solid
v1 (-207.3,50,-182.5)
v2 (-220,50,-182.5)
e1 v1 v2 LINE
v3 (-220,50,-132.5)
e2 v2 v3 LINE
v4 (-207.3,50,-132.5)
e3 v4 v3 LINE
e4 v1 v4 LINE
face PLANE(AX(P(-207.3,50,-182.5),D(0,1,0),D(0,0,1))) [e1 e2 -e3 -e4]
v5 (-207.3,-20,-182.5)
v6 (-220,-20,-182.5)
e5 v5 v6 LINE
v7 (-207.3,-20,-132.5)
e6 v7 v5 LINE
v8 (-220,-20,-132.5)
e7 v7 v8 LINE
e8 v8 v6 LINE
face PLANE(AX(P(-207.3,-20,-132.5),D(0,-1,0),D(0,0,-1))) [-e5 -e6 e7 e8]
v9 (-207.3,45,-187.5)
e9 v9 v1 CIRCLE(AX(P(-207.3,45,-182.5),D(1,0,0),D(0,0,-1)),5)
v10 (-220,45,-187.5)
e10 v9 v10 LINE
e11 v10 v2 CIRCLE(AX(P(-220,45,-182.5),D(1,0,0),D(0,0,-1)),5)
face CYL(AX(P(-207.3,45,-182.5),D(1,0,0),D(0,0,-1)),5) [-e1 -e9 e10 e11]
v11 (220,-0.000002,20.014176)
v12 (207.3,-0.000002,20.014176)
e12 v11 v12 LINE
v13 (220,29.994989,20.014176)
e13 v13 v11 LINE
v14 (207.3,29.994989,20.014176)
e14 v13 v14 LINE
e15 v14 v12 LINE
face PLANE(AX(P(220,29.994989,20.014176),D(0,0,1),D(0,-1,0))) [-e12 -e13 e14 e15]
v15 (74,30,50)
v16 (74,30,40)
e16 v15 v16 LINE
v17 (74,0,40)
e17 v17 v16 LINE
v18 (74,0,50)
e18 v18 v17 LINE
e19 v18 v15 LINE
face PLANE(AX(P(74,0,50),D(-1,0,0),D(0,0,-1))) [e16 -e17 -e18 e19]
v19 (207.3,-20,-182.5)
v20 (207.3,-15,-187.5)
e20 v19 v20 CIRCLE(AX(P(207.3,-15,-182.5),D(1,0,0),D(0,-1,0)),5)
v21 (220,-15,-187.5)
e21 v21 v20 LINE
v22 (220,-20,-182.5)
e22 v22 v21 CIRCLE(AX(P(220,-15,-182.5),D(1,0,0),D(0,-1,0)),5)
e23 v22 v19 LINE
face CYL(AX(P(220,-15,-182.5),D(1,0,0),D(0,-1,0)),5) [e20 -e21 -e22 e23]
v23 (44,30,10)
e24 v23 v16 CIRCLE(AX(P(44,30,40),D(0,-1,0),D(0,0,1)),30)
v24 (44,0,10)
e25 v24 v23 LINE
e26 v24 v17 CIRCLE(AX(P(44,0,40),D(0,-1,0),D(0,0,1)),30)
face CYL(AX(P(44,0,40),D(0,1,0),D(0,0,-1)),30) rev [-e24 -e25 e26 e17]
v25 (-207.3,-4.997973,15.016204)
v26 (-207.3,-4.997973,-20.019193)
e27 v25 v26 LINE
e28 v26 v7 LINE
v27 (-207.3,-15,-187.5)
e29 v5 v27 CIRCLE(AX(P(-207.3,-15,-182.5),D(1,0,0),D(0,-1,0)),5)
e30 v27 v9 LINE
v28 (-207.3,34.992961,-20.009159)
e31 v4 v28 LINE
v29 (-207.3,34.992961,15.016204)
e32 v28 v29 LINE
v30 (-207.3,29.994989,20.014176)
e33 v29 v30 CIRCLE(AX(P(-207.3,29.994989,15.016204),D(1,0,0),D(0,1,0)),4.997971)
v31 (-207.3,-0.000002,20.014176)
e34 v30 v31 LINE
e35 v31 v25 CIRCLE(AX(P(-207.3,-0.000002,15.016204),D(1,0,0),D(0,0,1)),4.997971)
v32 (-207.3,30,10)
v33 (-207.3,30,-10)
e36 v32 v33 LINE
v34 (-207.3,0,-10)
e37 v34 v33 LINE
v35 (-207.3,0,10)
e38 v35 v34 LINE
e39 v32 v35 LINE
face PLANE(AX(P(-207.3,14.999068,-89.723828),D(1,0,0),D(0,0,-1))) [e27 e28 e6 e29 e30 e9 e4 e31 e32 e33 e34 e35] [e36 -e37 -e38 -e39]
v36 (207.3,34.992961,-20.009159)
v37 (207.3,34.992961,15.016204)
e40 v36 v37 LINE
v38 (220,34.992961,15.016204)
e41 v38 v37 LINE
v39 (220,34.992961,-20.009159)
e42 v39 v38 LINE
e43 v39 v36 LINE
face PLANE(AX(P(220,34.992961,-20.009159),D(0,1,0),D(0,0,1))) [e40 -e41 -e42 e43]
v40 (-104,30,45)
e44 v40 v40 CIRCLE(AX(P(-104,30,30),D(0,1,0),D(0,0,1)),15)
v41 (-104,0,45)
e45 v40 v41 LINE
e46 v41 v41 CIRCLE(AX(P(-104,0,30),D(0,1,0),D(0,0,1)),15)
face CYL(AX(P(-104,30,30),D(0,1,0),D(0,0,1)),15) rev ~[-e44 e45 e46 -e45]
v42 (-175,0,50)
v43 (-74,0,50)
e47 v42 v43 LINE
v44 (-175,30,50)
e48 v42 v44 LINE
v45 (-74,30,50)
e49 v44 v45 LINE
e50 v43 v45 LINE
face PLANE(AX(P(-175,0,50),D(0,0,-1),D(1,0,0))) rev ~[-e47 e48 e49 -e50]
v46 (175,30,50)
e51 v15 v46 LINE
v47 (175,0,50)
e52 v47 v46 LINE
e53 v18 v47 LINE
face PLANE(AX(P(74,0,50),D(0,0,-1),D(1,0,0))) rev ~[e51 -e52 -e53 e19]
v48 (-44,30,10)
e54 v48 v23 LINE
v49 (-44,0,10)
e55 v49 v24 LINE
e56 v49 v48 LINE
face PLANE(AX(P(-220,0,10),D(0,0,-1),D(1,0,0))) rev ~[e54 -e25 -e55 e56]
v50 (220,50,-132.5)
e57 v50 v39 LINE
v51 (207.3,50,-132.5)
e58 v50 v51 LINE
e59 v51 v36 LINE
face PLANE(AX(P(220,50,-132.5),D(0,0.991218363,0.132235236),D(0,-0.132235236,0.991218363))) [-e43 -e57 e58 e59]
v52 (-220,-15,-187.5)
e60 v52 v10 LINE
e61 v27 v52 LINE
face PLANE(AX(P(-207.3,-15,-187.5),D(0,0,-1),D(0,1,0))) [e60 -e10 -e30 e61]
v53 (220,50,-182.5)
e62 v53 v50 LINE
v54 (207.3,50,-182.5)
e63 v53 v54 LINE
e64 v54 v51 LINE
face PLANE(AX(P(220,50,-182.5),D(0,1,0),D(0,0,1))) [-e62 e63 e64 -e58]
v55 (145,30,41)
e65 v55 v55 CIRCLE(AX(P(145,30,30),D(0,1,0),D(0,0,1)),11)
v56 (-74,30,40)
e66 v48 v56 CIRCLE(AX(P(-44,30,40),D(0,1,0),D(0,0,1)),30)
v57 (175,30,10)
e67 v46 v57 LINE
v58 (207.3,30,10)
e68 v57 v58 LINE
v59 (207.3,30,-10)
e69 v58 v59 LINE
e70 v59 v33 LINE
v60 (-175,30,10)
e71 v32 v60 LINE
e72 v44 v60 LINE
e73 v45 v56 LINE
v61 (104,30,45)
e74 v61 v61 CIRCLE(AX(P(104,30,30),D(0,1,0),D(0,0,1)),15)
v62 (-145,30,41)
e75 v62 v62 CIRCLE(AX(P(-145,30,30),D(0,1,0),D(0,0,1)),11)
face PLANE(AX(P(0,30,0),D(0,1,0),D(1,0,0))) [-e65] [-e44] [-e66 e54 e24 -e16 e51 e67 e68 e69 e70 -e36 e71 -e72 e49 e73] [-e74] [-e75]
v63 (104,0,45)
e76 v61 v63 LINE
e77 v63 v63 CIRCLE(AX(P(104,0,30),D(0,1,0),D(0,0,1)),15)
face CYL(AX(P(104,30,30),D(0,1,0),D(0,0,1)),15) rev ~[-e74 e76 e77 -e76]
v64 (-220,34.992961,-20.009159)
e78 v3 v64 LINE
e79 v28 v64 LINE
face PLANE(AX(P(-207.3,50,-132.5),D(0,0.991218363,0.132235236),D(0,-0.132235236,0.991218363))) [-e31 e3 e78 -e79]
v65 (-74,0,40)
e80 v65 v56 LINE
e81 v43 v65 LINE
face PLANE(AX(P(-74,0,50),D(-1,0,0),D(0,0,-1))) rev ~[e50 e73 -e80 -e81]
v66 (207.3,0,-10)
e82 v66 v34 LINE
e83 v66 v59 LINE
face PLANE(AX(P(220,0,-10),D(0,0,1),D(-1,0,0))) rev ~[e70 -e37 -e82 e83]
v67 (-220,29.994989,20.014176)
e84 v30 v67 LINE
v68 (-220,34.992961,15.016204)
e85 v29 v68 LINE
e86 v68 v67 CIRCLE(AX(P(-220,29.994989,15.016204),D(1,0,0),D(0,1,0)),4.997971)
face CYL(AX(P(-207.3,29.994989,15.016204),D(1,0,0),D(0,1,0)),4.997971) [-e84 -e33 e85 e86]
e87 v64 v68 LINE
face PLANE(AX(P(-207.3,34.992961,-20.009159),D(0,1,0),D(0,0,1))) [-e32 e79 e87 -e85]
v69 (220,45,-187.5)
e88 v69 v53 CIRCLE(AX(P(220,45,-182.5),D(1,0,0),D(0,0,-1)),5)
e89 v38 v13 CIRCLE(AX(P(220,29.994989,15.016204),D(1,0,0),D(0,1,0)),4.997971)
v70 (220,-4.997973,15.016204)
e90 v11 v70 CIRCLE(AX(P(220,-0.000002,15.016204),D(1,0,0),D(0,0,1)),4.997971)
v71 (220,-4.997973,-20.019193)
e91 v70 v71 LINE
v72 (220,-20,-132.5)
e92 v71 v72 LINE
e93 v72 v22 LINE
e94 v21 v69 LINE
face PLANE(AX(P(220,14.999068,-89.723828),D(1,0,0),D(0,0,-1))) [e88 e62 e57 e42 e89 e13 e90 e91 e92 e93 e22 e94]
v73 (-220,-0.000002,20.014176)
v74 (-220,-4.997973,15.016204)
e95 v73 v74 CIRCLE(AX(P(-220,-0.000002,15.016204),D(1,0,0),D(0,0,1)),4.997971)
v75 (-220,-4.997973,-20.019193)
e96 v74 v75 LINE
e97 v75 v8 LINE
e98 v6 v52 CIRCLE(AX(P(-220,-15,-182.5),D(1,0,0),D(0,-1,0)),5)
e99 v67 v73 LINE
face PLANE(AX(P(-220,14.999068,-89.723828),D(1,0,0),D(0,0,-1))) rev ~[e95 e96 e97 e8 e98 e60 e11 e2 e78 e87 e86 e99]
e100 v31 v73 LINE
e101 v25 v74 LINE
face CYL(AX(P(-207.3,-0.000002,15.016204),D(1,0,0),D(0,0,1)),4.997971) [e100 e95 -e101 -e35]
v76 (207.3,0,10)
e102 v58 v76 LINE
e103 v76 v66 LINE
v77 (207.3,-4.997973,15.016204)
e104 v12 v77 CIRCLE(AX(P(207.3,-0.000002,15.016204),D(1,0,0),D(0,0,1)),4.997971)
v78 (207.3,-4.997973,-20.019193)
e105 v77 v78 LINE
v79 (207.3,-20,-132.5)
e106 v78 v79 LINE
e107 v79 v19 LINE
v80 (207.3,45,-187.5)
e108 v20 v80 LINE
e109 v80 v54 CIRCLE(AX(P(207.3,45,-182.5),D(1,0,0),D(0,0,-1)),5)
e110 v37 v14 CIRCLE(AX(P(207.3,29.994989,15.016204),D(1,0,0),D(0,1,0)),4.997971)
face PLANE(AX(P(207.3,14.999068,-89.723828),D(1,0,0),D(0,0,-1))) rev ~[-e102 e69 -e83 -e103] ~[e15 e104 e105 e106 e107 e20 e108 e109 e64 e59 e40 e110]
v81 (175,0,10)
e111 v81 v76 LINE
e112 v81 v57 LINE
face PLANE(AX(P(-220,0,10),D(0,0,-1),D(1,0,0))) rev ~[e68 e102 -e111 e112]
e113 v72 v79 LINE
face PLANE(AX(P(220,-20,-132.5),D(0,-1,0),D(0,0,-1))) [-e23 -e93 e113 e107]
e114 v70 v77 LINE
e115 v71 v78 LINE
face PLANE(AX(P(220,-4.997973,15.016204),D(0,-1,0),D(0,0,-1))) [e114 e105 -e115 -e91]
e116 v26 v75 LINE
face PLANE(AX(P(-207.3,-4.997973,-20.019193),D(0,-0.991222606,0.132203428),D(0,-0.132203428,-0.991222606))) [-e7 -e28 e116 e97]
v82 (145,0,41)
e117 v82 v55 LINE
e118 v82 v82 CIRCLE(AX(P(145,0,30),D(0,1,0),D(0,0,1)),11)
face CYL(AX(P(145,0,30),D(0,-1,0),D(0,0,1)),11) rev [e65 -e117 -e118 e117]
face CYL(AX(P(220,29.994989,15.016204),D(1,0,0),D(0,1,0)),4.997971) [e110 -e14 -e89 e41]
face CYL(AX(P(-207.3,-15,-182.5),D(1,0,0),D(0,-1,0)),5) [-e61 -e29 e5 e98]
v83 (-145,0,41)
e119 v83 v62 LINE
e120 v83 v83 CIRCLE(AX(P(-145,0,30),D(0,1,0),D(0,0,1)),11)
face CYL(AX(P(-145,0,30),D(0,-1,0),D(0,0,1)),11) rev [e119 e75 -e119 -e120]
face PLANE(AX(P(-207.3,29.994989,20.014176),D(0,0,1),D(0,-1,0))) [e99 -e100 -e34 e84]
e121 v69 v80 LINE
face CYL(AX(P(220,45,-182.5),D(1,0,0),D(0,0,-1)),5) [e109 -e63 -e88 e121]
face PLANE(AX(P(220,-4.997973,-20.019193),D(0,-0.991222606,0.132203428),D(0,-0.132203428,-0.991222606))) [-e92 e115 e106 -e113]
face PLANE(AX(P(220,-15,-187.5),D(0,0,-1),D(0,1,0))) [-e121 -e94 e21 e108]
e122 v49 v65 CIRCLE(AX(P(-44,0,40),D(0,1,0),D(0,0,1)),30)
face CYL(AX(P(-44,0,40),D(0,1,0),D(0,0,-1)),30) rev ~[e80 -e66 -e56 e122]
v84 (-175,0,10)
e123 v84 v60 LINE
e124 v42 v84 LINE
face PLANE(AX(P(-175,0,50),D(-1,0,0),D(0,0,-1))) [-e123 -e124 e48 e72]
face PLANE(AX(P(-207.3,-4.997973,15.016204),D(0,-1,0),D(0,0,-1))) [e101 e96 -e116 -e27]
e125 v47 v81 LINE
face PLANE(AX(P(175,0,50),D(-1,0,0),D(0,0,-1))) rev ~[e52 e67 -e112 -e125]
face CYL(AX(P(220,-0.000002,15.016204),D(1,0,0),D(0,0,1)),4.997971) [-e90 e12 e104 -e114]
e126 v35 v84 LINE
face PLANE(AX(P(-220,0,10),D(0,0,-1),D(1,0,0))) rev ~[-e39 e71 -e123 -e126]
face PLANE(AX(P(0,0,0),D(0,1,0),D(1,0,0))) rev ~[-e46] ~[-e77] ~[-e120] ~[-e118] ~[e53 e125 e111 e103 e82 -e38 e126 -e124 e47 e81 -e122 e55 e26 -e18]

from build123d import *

# Parameters (mm, degrees)
SKETCH1_W           = 101
SKETCH1_H           = 40
SKETCH1_R           = 11
SKETCH1_R_2         = 10
BOSS_EXTRUDE1_DEPTH = 30
FILLET1_R           = 30
FILLET2_R           = 30
BOSS_EXTRUDE2_DEPTH = 12.7
LPATTERN2_COUNT     = 2
LPATTERN2_PITCH     = 427.3
CUT_EXTRUDE1_REACH  = 295.353
SKETCH3_R           = 15


with BuildPart() as part:
    # Sketch1 → Boss-Extrude1 (new body)
    # profile 1 of 3: a face of its own
    with BuildSketch(Plane(origin=(0, 0, 0), x_dir=(1, 0, 0), z_dir=(0, 1, 0))):
        with Locations((-124.5, -30)):
            Rectangle(SKETCH1_W, SKETCH1_H)
        with Locations(Location((-145, -30, 0), (0, 0, 270))):
            Circle(SKETCH1_R, mode=Mode.SUBTRACT)
        with Locations(Location((-104, -30, 0), (0, 0, 270))):
            Circle(SKETCH1_R_2, mode=Mode.SUBTRACT)
    # profile 2 of 3: a face of its own
    with BuildSketch(Plane(origin=(0, 0, 0), x_dir=(1, 0, 0), z_dir=(0, 1, 0))):
        Polygon((220, 10), (-220, 10), (-220, -10), (-217.730894996, -10), (-215.497523929, -10), (-204.607421626, -10), (-182.730894996, -10), (-175, -10), (-74, -10), (74, -10), (175, -10), (220, -10), align=None)
    # profile 3 of 3: a face of its own
    with BuildSketch(Plane(origin=(0, 0, 0), x_dir=(1, 0, 0), z_dir=(0, 1, 0))):
        with Locations((124.5, -30)):
            Rectangle(SKETCH1_W, SKETCH1_H)
        with Locations(Location((104, -30, 0), (0, 0, 270))):
            Circle(SKETCH1_R_2, mode=Mode.SUBTRACT)
        with Locations(Location((145, -30, 0), (0, 0, 270))):
            Circle(SKETCH1_R, mode=Mode.SUBTRACT)
    extrude(amount=BOSS_EXTRUDE1_DEPTH)

    # Fillet1
    fillet1_edges = [part.edges().sort_by_distance(p)[0] for p in [
        (-74, 15, 10),
    ]]
    fillet(fillet1_edges, radius=FILLET1_R)

    # Fillet2
    fillet2_edges = [part.edges().sort_by_distance(p)[0] for p in [
        (74, 15, 10),
    ]]
    fillet(fillet2_edges, radius=FILLET2_R)

    # Sketch2 → Boss-Extrude2 (add)
    with BuildSketch(Plane(origin=(220, 0, 0), x_dir=(0, 0, -1), z_dir=(1, 0, 0))):
        with BuildLine():
            Line((20.00915922, 34.992960702), (-15.016204221, 34.992960702))
            ThreePointArc((-15.016204221, 34.992960702), (-18.550303731, 33.529088755), (-20.014175678, 29.994989245))
            Line((-20.014175678, 29.994989245), (-20.014175678, -1.642e-06))
            ThreePointArc((-20.014175678, -1.642e-06), (-18.550303731, -3.534101152), (-15.016204221, -4.997973099))
            Line((-15.016204221, -4.997973099), (20.019193394, -4.997973099))
            Line((20.019193394, -4.997973099), (132.5, -20))
            Line((132.5, -20), (182.5, -20))
            ThreePointArc((182.5, -20), (186.035533906, -18.535533906), (187.5, -15))
            Line((187.5, -15), (187.5, 45))
            ThreePointArc((187.5, 45), (186.035533906, 48.535533906), (182.5, 50))
            Line((182.5, 50), (132.5, 50))
            Line((132.5, 50), (20.00915922, 34.992960702))
        make_face()
    boss_extrude2 = extrude(amount=-BOSS_EXTRUDE2_DEPTH)

    # LPattern2: Boss-Extrude2 ×2
    with Locations(*[(-i * LPATTERN2_PITCH, 0, 0) for i in range(1, LPATTERN2_COUNT)]):
        add(boss_extrude2)

    # Sketch3 → Cut-Extrude1 (cut, up to next)
    with BuildSketch(Plane(origin=(0, 30, 0), x_dir=(1, 0, 0), z_dir=(0, 1, 0)), mode=Mode.PRIVATE) as cut_extrude1_sk1:
        with Locations(Location((-104, -30, 0), (0, 0, 270))):
            Circle(SKETCH3_R)
    cut_extrude1_tool1 = extrude(cut_extrude1_sk1.sketch, amount=-CUT_EXTRUDE1_REACH, mode=Mode.PRIVATE) & part.part
    # Sketch3 → Cut-Extrude1 (cut, up to next)
    with BuildSketch(Plane(origin=(0, 30, 0), x_dir=(1, 0, 0), z_dir=(0, 1, 0)), mode=Mode.PRIVATE) as cut_extrude1_sk2:
        with Locations(Location((104, -30, 0), (0, 0, 270))):
            Circle(SKETCH3_R)
    cut_extrude1_tool2 = extrude(cut_extrude1_sk2.sketch, amount=-CUT_EXTRUDE1_REACH, mode=Mode.PRIVATE) & part.part
    add(cut_extrude1_tool1.solids().sort_by_distance((-104, 30, 30))[0], mode=Mode.SUBTRACT)
    add(cut_extrude1_tool2.solids().sort_by_distance((104, 30, 30))[0], mode=Mode.SUBTRACT)


solid = part.part
